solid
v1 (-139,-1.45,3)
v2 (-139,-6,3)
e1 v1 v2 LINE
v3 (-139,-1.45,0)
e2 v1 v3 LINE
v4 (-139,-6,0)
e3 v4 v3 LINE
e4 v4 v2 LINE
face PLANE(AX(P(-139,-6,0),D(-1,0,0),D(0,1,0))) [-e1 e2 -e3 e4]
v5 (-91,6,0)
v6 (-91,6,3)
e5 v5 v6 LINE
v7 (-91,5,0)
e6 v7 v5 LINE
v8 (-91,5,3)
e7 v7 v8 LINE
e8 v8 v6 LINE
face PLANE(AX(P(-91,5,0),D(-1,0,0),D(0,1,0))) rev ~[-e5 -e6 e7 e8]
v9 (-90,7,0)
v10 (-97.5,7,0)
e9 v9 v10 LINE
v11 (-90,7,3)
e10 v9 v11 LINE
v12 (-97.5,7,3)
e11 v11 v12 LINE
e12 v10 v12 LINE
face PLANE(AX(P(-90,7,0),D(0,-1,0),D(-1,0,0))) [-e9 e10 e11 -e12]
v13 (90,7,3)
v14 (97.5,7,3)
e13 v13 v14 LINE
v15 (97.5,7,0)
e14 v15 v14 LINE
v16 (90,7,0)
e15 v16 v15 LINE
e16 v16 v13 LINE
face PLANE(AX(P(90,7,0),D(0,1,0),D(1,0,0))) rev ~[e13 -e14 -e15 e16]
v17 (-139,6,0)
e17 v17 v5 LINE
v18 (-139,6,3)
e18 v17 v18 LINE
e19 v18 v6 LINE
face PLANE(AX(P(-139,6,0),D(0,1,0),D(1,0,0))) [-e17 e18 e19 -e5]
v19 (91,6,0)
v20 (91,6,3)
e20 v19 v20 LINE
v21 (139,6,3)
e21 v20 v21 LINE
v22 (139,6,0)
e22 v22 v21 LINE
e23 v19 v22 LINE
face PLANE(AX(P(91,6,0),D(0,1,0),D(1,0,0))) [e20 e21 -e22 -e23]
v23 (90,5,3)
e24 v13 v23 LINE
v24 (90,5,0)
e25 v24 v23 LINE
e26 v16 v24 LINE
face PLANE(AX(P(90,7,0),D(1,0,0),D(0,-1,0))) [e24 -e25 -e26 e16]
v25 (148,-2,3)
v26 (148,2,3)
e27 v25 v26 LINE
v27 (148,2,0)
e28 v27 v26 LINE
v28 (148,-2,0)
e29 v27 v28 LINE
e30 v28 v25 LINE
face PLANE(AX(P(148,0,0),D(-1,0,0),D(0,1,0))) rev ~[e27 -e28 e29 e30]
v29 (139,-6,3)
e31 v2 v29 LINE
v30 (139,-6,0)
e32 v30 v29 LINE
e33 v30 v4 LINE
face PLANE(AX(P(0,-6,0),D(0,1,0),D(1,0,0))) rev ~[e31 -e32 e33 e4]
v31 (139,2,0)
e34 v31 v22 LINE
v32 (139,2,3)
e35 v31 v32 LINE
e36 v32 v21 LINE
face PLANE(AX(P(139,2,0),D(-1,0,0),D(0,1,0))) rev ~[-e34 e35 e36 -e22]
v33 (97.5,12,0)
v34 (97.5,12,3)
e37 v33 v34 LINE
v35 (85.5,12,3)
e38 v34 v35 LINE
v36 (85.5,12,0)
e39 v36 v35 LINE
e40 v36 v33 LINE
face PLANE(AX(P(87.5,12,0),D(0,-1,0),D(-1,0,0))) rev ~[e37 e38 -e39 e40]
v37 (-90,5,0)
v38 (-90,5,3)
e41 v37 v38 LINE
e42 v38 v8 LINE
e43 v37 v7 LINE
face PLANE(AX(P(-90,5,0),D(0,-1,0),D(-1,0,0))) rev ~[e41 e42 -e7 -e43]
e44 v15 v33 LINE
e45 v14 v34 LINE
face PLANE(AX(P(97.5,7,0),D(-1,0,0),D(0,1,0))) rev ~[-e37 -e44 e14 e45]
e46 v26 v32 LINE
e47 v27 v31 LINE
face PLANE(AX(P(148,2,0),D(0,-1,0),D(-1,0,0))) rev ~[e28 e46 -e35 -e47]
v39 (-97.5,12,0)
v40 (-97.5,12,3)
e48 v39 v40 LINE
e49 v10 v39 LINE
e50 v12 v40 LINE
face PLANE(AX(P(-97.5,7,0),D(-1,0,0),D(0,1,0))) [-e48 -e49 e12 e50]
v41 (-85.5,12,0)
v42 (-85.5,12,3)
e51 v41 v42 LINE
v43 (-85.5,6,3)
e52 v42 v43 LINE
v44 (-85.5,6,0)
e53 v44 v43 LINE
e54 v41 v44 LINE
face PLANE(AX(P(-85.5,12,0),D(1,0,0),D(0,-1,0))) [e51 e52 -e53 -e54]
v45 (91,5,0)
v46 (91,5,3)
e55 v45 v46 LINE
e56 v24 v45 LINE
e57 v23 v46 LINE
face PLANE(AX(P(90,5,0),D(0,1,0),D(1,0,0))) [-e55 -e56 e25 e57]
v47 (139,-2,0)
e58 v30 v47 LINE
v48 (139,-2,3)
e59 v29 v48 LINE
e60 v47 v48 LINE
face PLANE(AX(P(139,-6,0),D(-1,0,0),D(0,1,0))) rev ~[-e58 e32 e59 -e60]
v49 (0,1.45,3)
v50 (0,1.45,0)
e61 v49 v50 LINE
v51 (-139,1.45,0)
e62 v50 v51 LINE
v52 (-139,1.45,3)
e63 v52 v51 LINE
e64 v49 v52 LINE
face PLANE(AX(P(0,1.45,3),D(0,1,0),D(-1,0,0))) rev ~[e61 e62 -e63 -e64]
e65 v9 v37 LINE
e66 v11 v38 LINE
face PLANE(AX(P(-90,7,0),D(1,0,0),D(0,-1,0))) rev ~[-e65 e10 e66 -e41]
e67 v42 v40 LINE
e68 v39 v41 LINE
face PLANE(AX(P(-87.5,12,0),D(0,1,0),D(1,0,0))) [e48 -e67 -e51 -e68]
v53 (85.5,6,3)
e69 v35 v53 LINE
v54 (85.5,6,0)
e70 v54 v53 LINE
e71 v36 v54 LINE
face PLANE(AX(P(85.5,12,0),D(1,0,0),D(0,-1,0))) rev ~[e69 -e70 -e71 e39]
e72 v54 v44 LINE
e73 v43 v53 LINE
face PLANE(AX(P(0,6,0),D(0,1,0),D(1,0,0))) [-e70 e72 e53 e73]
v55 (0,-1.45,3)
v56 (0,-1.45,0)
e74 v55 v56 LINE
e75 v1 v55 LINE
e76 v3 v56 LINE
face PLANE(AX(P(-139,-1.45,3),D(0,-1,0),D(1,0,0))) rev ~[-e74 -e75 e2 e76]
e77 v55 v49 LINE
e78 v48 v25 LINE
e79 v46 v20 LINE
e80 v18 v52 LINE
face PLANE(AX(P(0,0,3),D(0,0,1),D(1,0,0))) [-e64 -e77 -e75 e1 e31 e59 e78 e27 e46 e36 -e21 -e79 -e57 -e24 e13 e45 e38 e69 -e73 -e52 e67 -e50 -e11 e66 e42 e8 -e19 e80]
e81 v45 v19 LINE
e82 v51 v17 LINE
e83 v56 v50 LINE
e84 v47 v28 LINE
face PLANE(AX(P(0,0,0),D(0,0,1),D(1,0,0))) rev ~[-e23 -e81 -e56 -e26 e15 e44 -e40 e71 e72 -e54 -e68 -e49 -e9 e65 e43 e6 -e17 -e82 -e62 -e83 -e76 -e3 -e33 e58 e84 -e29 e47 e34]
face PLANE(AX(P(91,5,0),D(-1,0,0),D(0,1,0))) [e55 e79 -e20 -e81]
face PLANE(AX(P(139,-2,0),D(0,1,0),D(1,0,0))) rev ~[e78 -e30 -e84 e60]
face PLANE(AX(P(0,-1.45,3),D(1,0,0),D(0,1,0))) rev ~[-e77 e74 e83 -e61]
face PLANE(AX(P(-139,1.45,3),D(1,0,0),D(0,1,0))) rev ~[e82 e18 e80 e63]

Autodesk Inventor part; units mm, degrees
ref_plane "YZ Plane" through (0, 0, 0) normal (1, 0, 0) x (0, 1, 0)
ref_plane "XY Plane" through (0, 0, 0) normal (0, 0, 1) x (1, 0, 0)
sketch "草圖1" plane through (0, 0, 0) normal (0, 0, 1) x (1, 0, 0)
  line L0 (0, 6) -> (0, -6)
  line L1 (0, -6) -> (-139, -6)
  line L2 (-139, -6) -> (-139, 6)
  line L3 (-148, 2) -> (-139, 2)
  line L4 (-139, 2) -> (-139, -2)
  line L5 (-139, -2) -> (-148, -2)
  line L6 (-148, -2) -> (-148, 2)
  line L7 (-207.2, 0) -> (207.2, 0) projected
  line L8 (0, -9.6) -> (0, 15.6) projected
  line L9 (0, -6) -> (139, -6)
  line L10 (139, -6) -> (139, 6)
  line L11 (148, 2) -> (139, 2)
  line L12 (139, -2) -> (148, -2)
  line L13 (148, -2) -> (148, 2)
  line L14 (-148, -2) -> (-139, -2)
  line L15 (-139, -2) -> (-139, -6)
  line L16 (139, -6) -> (139, -2)
  line L17 (139, -2) -> (148, -2)
  line L18 (148, -2) -> (148, 2)
  line L19 (148, 2) -> (139, 2)
  line L20 (139, 2) -> (139, 6)
  line L21 (-139, 6) -> (-139, 2)
  line L22 (-139, 2) -> (-148, 2)
  line L23 (-148, 2) -> (-148, -2)
  line L24 (-97.5, 7) -> (-97.5, 12)
  line L25 (-97.5, 12) -> (-87.5, 12)
  line L26 (-90, 7) -> (-97.5, 7)
  line L27 (-90, 7) -> (-90, 5)
  line L28 (-90, 5) -> (-91, 5)
  line L29 (-91, 5) -> (-91, 6)
  line L30 (97.5, 7) -> (97.5, 12)
  line L31 (97.5, 12) -> (87.5, 12)
  line L32 (90, 7) -> (97.5, 7)
  line L33 (90, 7) -> (90, 5)
  line L34 (90, 5) -> (91, 5)
  line L35 (91, 5) -> (91, 6)
  line L36 (-139, 6) -> (-91, 6)
  line L37 (-85.5, 6) -> (85.5, 6)
  line L38 (91, 6) -> (139, 6)
  line L39 (-87.5, 12) -> (-85.5, 12)
  line L40 (-85.5, 12) -> (-85.5, 6)
  line L41 (87.5, 12) -> (85.5, 12)
  line L42 (85.5, 12) -> (85.5, 6)
  point P0 (0, 0)
  point P1 (-139, 2)
  dimension "d2" = 4
  dimension "d13" = 2
  dimension "d14" = 2
  dimension "d17" = 12
extrude "擠出1" add sketch "草圖1" along normal blind 3
ref_plane "工作平面1" through (0, 0, 1.5) normal (0, 0, 1) x (1, 0, 0)
sketch "草圖7" plane through (0, 0, 3) normal (0, 0, 1) x (1, 0, 0)
  line L0 (0, 1.45) -> (-139, 1.45)
  line L1 (-139, 1.45) -> (-139, -1.45)
  line L2 (-139, -1.45) -> (0, -1.45)
  line L3 (0, -1.45) -> (0, 1.45)
  line L4 (91, 6) -> (91, 5) projected
  line L5 (91, 5) -> (90, 5) projected
  line L6 (90, 5) -> (90, 7) projected
  line L7 (90, 7) -> (97.5, 7) projected
  line L8 (97.5, 7) -> (97.5, 12) projected
  line L9 (97.5, 12) -> (85.5, 12) projected
  line L10 (85.5, 12) -> (85.5, 6) projected
  line L11 (85.5, 6) -> (-85.5, 6) projected
  line L12 (-85.5, 6) -> (-85.5, 12) projected
  line L13 (-85.5, 12) -> (-97.5, 12) projected
  line L14 (-97.5, 12) -> (-97.5, 7) projected
  line L15 (-97.5, 7) -> (-90, 7) projected
  line L16 (-90, 7) -> (-90, 5) projected
  line L17 (-90, 5) -> (-91, 5) projected
  line L18 (-91, 5) -> (-91, 6) projected
  line L19 (-91, 6) -> (-139, 6) projected
  line L20 (-139, 6) -> (-139, 2) projected
  line L21 (-139, 2) -> (-148, 2) projected
  line L22 (-148, 2) -> (-148, -2) projected
  line L23 (-148, -2) -> (-139, -2) projected
  line L24 (-139, -2) -> (-139, -6) projected
  line L25 (-139, -6) -> (139, -6) projected
  line L26 (139, -6) -> (139, -2) projected
  line L27 (139, -2) -> (148, -2) projected
  line L28 (148, -2) -> (148, 2) projected
  line L29 (148, 2) -> (139, 2) projected
  line L30 (139, 2) -> (139, 6) projected
  line L31 (139, 6) -> (91, 6) projected
  line L32 (-139, 1.45) -> (-139, 2)
  line L33 (-148, -2) -> (-139, -2) projected
  line L34 (-139, -1.45) -> (-139, -2)
  point P0 (0, 0)
  point P1 (0, 0)
  dimension "d39" = 139
  dimension "d40" = 2.9
extrude "擠出5" cut sketch "草圖7" against normal up to surface (3 mm away) contours L3 L2 L1 L0 | L1 L34 L23 L22 L21 L32
properties part number "rod_6"
